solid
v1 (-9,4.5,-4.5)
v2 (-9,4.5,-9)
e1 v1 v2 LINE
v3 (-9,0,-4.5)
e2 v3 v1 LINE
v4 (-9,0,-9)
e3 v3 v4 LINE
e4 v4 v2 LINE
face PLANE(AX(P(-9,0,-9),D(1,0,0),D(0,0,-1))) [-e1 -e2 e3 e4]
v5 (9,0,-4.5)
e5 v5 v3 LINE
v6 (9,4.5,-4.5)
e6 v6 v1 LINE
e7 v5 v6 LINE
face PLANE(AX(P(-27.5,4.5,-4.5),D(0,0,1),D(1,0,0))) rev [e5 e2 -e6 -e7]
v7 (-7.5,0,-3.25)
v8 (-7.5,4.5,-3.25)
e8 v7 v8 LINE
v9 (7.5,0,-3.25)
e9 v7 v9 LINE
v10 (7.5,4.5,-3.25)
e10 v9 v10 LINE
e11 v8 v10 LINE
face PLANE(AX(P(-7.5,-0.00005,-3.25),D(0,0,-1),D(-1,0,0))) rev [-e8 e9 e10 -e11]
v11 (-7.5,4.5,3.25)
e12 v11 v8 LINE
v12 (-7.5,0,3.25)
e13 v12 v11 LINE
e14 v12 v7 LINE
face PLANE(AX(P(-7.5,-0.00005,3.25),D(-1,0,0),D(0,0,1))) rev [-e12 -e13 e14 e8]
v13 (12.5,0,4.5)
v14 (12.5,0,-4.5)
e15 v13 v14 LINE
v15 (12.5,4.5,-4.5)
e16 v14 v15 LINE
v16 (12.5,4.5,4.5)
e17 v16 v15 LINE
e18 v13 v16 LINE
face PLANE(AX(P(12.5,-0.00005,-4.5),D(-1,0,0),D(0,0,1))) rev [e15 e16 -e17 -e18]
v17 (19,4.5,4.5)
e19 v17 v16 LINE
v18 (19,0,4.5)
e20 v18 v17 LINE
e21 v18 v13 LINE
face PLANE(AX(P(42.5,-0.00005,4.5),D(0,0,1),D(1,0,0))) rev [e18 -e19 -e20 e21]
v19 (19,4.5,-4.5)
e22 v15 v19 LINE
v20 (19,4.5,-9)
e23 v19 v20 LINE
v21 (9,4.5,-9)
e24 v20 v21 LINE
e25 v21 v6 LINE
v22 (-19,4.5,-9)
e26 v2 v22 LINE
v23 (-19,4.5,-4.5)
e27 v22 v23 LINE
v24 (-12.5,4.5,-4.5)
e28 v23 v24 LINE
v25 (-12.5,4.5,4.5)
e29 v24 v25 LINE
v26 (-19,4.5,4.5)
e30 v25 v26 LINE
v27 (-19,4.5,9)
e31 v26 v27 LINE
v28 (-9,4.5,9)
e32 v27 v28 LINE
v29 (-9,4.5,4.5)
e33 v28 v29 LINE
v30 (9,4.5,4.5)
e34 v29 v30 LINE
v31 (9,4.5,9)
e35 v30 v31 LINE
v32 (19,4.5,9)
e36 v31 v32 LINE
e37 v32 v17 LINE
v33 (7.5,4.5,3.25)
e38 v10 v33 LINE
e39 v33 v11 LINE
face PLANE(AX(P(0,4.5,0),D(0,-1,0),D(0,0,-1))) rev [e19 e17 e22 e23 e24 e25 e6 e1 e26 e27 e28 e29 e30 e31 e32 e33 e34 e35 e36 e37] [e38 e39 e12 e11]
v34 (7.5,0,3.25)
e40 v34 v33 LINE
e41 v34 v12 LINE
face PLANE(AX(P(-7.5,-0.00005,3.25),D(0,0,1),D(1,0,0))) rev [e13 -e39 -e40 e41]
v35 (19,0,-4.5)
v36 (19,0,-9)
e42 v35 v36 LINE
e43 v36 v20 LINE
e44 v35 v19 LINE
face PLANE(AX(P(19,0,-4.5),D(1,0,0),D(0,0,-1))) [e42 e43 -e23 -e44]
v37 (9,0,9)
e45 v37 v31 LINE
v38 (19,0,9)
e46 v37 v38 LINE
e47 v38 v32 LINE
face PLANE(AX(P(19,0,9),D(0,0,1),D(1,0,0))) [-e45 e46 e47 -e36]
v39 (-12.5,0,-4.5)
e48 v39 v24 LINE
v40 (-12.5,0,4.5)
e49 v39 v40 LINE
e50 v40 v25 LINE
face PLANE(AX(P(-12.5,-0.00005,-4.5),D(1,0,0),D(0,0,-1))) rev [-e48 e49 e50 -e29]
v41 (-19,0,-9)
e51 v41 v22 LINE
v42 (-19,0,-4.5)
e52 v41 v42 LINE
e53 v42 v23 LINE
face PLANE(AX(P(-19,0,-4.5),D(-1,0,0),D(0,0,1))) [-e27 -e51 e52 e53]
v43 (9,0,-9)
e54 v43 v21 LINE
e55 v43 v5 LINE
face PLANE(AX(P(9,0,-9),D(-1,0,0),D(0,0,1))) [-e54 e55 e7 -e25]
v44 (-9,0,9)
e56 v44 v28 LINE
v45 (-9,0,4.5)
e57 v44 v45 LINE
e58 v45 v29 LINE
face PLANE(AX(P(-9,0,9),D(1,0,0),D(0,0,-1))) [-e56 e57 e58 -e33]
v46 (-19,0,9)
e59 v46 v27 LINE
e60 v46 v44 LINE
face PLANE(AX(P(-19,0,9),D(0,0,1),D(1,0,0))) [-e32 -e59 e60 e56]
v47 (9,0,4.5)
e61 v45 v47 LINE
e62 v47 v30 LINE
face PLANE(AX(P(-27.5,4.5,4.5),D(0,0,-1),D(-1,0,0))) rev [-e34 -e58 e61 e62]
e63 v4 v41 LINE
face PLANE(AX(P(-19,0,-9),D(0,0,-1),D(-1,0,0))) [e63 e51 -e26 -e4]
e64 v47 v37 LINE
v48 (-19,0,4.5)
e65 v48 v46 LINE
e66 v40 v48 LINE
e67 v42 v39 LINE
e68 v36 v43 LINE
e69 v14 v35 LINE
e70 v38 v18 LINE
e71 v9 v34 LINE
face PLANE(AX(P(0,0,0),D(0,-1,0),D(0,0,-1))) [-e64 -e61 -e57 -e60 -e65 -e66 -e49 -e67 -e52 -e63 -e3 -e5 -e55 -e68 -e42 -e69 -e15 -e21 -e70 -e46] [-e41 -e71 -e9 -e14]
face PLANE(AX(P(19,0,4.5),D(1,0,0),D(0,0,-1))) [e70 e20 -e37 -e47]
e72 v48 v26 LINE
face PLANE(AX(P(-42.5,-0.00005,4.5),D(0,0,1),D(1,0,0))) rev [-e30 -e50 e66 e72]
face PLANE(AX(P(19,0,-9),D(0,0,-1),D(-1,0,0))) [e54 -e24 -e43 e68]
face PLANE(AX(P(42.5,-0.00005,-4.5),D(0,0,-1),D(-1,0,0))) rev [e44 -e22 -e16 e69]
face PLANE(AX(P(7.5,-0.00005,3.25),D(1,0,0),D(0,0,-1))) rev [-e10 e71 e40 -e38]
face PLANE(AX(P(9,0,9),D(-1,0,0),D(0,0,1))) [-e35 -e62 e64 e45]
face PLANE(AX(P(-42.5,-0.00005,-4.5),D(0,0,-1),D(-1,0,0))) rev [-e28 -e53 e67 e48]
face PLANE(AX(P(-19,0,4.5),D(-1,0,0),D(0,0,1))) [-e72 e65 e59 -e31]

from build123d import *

# Parameters (mm, degrees)
SKETCH1_W               = 55
SKETCH1_H               = 9
BOSS_EXTRUDE1_DEPTH     = 4.5
SKETCH2_W               = 10
SKETCH2_H               = 4.5
BOSS_EXTRUDE2_DEPTH     = 4.5
CUT_EXTRUDE1_DEPTH      = 30.283100929
CUT_EXTRUDE1_DEPTH_BACK = 30.283100929
SKETCH3_W               = 30
SKETCH3_H               = 9
SKETCH3_W_2             = 15
SKETCH3_H_2             = 6.5


with BuildPart() as part:
    # Sketch1 → Boss-Extrude1 (new body)
    with BuildSketch(Plane(origin=(0, 0, 0), x_dir=(1, 0, 0), z_dir=(0, 1, 0))):
        Rectangle(SKETCH1_W, SKETCH1_H)
    extrude(amount=BOSS_EXTRUDE1_DEPTH)

    # Sketch2 → Boss-Extrude2 (add, through all)
    with BuildSketch(Plane(origin=(0, 4.5, 0), x_dir=(1, 0, 0), z_dir=(0, 1, 0))):
        with Locations((-14, -6.75)):
            Rectangle(SKETCH2_W, SKETCH2_H)
        with Locations((14, -6.75)):
            Rectangle(SKETCH2_W, SKETCH2_H)
        with Locations((14, 6.75)):
            Rectangle(SKETCH2_W, SKETCH2_H)
        with Locations((-14, 6.75)):
            Rectangle(SKETCH2_W, SKETCH2_H)
    extrude(amount=-BOSS_EXTRUDE2_DEPTH)

    # Sketch3 → Cut-Extrude1 (cut, two sides: drawn at the far end of the back side and taken through both)
    with BuildSketch(Plane(origin=(0, 4.5, 0), x_dir=(1, 0, 0), z_dir=(0, 1, 0)).offset(-CUT_EXTRUDE1_DEPTH_BACK)):
        with Locations((-27.5, 0)):
            Rectangle(SKETCH3_W, SKETCH3_H)
        with Locations((27.5, 0)):
            Rectangle(SKETCH3_W, SKETCH3_H)
        Rectangle(SKETCH3_W_2, SKETCH3_H_2)
    extrude(amount=CUT_EXTRUDE1_DEPTH + CUT_EXTRUDE1_DEPTH_BACK, mode=Mode.SUBTRACT)


solid = part.part
